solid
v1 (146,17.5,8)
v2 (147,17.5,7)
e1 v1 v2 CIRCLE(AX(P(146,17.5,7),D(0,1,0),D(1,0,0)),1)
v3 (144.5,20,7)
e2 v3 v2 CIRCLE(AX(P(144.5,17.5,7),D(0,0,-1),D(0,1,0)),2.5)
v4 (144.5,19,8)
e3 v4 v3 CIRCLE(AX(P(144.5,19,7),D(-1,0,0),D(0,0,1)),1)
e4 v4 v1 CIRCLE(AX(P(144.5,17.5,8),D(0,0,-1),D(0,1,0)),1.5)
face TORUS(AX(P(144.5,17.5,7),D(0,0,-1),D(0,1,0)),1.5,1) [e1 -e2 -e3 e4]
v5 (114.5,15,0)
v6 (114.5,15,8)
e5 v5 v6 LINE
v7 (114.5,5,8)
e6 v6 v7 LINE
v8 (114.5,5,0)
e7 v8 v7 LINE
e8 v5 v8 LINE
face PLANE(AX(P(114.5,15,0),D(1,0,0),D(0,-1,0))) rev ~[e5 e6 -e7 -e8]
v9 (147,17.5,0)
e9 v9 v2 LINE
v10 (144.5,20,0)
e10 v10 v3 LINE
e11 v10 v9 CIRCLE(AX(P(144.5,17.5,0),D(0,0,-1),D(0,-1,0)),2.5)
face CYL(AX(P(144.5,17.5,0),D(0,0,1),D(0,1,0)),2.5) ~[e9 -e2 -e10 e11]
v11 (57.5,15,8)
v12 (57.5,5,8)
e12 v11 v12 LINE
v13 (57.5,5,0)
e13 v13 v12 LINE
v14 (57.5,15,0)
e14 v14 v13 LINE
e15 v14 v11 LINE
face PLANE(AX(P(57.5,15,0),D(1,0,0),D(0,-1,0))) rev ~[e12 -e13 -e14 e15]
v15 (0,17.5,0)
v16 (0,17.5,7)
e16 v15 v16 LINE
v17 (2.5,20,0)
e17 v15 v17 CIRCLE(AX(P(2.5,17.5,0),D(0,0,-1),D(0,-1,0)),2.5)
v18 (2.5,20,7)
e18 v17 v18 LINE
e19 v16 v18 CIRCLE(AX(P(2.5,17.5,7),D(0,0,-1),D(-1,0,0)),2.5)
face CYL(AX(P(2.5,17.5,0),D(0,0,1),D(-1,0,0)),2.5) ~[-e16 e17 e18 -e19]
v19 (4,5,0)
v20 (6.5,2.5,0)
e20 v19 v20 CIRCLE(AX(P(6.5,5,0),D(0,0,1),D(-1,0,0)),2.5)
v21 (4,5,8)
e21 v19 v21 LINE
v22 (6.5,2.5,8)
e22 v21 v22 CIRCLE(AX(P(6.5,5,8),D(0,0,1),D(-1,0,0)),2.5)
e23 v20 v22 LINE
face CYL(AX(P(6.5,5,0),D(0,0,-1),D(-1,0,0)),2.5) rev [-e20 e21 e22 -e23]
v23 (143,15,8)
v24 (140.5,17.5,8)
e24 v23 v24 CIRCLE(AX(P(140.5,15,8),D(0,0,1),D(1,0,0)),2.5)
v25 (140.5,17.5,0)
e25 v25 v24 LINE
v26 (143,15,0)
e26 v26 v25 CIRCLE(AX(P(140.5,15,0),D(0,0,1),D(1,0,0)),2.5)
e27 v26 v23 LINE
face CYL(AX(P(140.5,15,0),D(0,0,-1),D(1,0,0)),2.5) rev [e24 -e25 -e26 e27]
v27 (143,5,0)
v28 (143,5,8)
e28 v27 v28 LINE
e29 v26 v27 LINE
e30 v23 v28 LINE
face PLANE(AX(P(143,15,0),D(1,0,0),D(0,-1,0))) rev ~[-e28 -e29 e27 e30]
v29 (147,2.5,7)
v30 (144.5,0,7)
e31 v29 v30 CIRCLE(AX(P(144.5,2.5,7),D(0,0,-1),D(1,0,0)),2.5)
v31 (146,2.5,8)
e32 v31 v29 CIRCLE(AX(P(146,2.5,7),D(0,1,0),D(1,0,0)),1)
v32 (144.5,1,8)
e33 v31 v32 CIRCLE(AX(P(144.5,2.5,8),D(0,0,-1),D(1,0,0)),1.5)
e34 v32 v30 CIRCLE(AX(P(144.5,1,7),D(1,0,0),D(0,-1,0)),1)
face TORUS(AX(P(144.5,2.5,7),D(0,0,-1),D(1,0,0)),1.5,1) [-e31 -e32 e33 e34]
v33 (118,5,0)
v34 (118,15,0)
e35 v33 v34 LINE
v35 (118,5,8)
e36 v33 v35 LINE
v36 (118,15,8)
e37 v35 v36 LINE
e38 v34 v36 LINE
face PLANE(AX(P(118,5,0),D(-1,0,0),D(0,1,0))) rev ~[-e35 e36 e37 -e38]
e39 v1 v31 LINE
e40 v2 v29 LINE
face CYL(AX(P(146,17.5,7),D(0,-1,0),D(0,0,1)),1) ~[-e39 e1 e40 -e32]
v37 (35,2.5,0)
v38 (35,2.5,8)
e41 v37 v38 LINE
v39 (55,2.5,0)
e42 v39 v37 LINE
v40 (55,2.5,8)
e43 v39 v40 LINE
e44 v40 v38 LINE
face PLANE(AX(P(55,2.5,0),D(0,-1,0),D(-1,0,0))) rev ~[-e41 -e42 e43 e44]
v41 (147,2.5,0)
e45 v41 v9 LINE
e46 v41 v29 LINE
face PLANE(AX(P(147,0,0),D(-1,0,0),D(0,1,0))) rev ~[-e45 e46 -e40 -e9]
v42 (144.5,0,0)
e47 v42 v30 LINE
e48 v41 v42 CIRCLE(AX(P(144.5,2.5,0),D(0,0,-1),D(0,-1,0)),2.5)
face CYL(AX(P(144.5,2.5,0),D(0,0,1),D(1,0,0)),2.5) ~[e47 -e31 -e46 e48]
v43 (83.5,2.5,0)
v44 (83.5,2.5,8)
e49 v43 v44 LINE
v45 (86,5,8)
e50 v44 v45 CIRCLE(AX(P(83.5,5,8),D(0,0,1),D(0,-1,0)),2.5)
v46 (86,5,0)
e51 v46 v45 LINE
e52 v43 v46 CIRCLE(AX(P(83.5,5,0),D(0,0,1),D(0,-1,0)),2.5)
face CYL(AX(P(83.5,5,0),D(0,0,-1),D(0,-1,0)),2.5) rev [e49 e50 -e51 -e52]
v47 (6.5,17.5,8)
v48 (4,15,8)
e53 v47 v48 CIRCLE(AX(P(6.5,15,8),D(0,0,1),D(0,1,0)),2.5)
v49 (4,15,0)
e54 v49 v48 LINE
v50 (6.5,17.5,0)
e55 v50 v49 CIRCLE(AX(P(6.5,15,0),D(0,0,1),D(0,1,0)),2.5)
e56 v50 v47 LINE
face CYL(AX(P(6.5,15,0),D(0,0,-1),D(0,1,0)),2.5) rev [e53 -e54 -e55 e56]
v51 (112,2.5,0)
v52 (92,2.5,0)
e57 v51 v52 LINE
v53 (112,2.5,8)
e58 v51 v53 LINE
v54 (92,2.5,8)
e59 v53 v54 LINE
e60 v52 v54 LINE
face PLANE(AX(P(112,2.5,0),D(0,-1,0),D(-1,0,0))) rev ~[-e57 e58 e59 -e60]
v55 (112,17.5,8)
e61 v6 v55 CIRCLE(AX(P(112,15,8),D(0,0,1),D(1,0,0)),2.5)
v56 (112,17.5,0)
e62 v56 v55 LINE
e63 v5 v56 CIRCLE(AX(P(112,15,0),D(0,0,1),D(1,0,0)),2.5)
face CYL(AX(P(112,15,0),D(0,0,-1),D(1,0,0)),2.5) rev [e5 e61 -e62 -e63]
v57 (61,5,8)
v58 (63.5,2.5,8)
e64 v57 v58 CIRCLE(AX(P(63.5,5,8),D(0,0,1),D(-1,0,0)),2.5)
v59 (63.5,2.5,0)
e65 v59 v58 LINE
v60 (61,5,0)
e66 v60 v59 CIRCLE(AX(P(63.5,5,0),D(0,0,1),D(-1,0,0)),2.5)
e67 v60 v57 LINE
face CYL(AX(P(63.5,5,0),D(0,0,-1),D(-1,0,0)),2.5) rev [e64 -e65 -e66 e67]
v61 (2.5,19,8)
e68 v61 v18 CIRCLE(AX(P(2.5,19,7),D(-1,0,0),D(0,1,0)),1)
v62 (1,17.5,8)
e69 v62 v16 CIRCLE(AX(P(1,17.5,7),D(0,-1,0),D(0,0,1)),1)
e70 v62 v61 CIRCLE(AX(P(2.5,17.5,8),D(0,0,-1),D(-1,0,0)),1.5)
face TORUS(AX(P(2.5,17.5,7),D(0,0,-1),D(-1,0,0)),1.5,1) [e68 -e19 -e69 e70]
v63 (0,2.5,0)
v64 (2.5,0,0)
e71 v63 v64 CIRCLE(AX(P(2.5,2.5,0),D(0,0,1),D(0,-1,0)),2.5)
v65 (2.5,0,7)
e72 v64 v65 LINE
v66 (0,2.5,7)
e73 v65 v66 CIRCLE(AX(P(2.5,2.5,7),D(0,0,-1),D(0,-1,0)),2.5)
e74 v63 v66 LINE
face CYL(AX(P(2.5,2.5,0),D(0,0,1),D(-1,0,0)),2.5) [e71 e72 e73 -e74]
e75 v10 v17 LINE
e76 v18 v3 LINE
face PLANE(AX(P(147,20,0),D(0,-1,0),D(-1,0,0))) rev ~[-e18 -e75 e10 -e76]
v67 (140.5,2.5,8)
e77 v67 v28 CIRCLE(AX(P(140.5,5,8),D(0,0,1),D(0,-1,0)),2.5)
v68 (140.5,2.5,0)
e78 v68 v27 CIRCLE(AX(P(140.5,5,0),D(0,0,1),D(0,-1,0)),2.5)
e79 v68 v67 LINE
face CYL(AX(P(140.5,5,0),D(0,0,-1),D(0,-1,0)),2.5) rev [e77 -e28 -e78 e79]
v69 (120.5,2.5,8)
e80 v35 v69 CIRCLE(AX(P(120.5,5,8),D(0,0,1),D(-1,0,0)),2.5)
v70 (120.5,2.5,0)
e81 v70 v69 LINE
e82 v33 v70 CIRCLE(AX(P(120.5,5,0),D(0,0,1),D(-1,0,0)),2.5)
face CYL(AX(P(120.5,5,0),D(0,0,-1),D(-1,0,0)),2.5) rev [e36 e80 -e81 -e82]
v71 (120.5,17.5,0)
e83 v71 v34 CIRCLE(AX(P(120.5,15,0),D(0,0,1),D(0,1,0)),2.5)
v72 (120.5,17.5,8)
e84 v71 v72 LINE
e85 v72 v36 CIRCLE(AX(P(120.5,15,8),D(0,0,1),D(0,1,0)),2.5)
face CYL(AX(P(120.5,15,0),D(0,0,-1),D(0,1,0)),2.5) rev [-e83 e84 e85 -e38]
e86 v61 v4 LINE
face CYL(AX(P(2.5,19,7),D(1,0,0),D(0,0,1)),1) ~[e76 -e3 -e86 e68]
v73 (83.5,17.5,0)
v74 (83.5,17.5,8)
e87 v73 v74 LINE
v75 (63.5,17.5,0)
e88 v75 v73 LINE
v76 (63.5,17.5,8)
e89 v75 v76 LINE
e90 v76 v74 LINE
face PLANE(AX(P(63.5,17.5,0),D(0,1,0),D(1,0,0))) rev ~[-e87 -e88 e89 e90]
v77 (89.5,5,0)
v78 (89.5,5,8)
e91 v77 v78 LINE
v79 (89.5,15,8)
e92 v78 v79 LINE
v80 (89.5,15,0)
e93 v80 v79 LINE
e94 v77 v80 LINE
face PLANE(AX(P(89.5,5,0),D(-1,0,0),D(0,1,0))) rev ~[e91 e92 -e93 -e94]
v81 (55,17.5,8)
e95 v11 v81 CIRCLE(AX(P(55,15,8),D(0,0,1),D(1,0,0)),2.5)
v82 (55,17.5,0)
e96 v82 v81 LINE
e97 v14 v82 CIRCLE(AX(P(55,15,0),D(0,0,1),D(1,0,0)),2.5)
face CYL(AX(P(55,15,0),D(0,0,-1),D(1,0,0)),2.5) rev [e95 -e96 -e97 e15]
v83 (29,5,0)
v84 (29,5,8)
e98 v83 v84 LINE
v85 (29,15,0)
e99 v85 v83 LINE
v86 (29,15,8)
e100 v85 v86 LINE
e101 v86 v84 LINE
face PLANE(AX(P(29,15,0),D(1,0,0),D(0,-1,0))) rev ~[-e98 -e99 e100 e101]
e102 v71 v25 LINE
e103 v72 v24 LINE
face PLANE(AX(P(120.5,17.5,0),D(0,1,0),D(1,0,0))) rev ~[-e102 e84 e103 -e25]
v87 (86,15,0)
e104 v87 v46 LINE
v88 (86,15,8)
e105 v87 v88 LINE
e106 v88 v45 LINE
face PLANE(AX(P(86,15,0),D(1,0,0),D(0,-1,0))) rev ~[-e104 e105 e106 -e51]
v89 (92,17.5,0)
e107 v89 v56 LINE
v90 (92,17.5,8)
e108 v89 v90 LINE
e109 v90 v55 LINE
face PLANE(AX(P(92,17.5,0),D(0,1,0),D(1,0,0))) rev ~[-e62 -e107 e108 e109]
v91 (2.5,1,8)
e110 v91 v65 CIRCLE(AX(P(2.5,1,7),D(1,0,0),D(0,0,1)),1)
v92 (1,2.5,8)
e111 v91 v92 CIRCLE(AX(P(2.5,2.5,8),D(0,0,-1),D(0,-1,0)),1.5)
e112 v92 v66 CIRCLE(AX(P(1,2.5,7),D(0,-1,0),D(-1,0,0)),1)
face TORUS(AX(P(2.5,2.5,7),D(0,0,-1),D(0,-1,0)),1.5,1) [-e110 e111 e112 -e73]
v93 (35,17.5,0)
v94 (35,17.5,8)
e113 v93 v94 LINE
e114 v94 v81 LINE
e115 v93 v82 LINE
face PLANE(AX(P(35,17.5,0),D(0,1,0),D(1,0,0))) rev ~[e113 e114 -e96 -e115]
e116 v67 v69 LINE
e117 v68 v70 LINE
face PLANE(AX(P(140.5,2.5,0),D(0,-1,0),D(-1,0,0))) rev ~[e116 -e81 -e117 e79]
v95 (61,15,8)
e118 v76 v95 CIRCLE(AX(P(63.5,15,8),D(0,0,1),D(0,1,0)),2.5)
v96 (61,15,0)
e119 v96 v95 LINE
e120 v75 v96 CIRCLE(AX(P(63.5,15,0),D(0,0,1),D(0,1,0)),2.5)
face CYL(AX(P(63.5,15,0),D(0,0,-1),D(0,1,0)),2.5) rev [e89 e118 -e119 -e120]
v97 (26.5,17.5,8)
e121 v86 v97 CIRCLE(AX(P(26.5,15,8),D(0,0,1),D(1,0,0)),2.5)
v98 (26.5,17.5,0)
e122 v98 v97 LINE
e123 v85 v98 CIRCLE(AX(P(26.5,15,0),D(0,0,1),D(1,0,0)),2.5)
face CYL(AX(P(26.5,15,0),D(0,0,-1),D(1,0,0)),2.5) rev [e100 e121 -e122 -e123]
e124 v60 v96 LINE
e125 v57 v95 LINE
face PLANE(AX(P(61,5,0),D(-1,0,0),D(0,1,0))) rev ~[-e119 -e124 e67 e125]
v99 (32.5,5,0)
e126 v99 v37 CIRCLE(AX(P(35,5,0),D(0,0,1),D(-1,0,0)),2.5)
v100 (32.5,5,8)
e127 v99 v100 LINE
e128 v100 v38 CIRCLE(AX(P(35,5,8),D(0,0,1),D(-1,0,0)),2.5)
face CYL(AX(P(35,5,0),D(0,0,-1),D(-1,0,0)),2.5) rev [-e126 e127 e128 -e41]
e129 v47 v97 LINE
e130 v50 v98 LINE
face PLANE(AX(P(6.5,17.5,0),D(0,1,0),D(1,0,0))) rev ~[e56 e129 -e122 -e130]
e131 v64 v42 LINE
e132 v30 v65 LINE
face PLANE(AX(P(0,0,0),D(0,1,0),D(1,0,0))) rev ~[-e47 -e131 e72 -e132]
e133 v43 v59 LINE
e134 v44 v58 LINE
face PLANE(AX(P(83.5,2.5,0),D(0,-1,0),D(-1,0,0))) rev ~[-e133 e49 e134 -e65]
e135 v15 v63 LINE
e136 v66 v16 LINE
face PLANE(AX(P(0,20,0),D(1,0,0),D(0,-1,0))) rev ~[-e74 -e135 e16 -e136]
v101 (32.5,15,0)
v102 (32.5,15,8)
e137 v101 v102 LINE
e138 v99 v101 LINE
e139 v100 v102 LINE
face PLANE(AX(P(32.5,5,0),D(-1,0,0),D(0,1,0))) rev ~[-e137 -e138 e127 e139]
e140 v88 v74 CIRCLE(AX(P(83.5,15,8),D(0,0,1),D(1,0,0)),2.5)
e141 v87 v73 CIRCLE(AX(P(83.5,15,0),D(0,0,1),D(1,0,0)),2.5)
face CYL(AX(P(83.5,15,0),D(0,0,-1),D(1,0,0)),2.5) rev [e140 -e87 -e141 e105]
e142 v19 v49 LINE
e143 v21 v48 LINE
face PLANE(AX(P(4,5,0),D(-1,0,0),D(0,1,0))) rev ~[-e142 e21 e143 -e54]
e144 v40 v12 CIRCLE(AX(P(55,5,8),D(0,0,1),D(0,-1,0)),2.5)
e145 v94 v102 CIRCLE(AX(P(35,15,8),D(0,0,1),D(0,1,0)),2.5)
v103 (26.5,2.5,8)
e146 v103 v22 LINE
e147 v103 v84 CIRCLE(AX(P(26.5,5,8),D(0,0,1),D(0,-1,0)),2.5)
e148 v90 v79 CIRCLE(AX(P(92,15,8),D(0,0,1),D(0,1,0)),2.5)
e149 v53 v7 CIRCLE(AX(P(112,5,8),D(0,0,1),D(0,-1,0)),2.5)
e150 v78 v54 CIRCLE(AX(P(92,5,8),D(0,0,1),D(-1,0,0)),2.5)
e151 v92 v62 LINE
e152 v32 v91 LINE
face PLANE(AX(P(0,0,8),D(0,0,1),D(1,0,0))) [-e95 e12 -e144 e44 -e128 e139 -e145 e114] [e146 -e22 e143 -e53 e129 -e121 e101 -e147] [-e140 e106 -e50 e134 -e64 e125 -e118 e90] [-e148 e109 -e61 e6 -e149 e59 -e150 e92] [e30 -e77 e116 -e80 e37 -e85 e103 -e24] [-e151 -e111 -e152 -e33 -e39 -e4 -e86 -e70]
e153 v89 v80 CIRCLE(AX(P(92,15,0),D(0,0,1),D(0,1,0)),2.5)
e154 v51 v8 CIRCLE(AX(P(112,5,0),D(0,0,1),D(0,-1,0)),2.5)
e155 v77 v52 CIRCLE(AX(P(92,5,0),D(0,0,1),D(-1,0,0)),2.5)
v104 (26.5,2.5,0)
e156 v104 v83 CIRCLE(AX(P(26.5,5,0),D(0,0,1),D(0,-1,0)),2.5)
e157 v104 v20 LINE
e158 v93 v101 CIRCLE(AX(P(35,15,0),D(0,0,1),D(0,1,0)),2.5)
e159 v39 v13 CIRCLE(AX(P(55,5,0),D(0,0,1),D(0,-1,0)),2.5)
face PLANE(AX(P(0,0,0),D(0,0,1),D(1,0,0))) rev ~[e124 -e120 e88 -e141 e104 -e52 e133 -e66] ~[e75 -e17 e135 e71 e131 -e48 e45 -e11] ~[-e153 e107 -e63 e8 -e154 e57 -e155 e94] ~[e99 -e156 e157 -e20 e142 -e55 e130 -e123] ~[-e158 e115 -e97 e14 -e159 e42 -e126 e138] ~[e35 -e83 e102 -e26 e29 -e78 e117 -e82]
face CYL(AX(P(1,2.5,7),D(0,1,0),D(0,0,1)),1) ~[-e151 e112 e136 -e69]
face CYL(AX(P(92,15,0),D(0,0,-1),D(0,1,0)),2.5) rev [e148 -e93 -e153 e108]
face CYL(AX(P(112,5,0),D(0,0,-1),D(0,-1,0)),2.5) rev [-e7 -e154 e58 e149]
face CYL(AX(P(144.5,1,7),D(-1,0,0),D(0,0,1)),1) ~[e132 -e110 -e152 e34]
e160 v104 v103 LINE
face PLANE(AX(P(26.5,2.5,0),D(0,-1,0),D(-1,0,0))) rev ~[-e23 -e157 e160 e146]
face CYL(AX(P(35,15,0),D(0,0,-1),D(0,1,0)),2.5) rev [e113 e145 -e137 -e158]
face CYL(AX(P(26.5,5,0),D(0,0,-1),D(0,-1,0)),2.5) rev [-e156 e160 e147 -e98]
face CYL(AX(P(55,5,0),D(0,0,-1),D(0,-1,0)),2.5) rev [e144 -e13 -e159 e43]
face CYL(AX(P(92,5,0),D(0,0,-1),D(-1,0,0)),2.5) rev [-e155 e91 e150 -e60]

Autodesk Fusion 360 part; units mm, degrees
sketch "Sketch1" plane through (0, 0, 0) normal (0, 0, 1) x (1, 0, 0)
  line L0 (0, 0) -> (147, 0)
  line L1 (147, 0) -> (147, 20)
  line L2 (147, 20) -> (0, 20)
  line L3 (0, 20) -> (0, 0)
  line L4 (6.5, 17.5) -> (26.5, 17.5)
  line L5 (29, 15) -> (29, 5)
  line L6 (26.5, 2.5) -> (6.5, 2.5)
  line L7 (4, 5) -> (4, 15)
  line L8 (147, 10) -> (0, 10) construction
  line L9 (4, 10) -> (29, 10) construction
  line L10 (35, 17.5) -> (55, 17.5)
  line L11 (32.5, 5) -> (32.5, 15)
  line L12 (57.5, 15) -> (57.5, 5)
  line L13 (55, 2.5) -> (35, 2.5)
  line L14 (63.5, 17.5) -> (83.5, 17.5)
  line L15 (61, 5) -> (61, 15)
  line L16 (86, 15) -> (86, 5)
  line L17 (83.5, 2.5) -> (63.5, 2.5)
  line L18 (92, 17.5) -> (112, 17.5)
  line L19 (89.5, 5) -> (89.5, 15)
  line L20 (114.5, 15) -> (114.5, 5)
  line L21 (112, 2.5) -> (92, 2.5)
  line L22 (120.5, 17.5) -> (140.5, 17.5)
  line L23 (118, 5) -> (118, 15)
  line L24 (143, 15) -> (143, 5)
  line L25 (140.5, 2.5) -> (120.5, 2.5)
  arc A0 (6.5, 17.5) -> (4, 15) centre (6.5, 15) ccw
  arc A1 (4, 5) -> (6.5, 2.5) centre (6.5, 5) ccw
  arc A2 (26.5, 2.5) -> (29, 5) centre (26.5, 5) ccw
  arc A3 (29, 15) -> (26.5, 17.5) centre (26.5, 15) ccw
  arc A4 (35, 17.5) -> (32.5, 15) centre (35, 15) ccw
  arc A5 (32.5, 5) -> (35, 2.5) centre (35, 5) ccw
  arc A6 (55, 2.5) -> (57.5, 5) centre (55, 5) ccw
  arc A7 (57.5, 15) -> (55, 17.5) centre (55, 15) ccw
  arc A8 (63.5, 17.5) -> (61, 15) centre (63.5, 15) ccw
  arc A9 (61, 5) -> (63.5, 2.5) centre (63.5, 5) ccw
  arc A10 (83.5, 2.5) -> (86, 5) centre (83.5, 5) ccw
  arc A11 (86, 15) -> (83.5, 17.5) centre (83.5, 15) ccw
  arc A12 (92, 17.5) -> (89.5, 15) centre (92, 15) ccw
  arc A13 (89.5, 5) -> (92, 2.5) centre (92, 5) ccw
  arc A14 (112, 2.5) -> (114.5, 5) centre (112, 5) ccw
  arc A15 (114.5, 15) -> (112, 17.5) centre (112, 15) ccw
  arc A16 (120.5, 17.5) -> (118, 15) centre (120.5, 15) ccw
  arc A17 (118, 5) -> (120.5, 2.5) centre (120.5, 5) ccw
  arc A18 (140.5, 2.5) -> (143, 5) centre (140.5, 5) ccw
  arc A19 (143, 15) -> (140.5, 17.5) centre (140.5, 15) ccw
  point P0 (4, 17.5)
  point P1 (29, 17.5)
  point P2 (4, 2.5)
  dimension "d1" = 147
  dimension "d2" = 20
  dimension "d5" = 25
  dimension "d6" = 15
  dimension "d11" = 4
  dimension "d12" = 2.5
  dimension "d13" = 2.5
extrude "Extrude1" add sketch "Sketch1" along normal blind 8
fillet "Fillet1" radius 2.5 4 edges at (0, 0, 4) (0, 20, 4) (147, 0, 4) (147, 20, 4)
fillet "Fillet2" radius 1 8 edges at (146.2678, 0.7322, 8) (147, 10, 8) (146.2678, 19.2678, 8) (73.5, 20, 8) (0.7322, 19.2678, 8) (0, 10, 8) (0.7322, 0.7322, 8) (73.5, 0, 8)
equation "d1 = ( ( 42 * 7 ) / 2 ) * 1 mm"
